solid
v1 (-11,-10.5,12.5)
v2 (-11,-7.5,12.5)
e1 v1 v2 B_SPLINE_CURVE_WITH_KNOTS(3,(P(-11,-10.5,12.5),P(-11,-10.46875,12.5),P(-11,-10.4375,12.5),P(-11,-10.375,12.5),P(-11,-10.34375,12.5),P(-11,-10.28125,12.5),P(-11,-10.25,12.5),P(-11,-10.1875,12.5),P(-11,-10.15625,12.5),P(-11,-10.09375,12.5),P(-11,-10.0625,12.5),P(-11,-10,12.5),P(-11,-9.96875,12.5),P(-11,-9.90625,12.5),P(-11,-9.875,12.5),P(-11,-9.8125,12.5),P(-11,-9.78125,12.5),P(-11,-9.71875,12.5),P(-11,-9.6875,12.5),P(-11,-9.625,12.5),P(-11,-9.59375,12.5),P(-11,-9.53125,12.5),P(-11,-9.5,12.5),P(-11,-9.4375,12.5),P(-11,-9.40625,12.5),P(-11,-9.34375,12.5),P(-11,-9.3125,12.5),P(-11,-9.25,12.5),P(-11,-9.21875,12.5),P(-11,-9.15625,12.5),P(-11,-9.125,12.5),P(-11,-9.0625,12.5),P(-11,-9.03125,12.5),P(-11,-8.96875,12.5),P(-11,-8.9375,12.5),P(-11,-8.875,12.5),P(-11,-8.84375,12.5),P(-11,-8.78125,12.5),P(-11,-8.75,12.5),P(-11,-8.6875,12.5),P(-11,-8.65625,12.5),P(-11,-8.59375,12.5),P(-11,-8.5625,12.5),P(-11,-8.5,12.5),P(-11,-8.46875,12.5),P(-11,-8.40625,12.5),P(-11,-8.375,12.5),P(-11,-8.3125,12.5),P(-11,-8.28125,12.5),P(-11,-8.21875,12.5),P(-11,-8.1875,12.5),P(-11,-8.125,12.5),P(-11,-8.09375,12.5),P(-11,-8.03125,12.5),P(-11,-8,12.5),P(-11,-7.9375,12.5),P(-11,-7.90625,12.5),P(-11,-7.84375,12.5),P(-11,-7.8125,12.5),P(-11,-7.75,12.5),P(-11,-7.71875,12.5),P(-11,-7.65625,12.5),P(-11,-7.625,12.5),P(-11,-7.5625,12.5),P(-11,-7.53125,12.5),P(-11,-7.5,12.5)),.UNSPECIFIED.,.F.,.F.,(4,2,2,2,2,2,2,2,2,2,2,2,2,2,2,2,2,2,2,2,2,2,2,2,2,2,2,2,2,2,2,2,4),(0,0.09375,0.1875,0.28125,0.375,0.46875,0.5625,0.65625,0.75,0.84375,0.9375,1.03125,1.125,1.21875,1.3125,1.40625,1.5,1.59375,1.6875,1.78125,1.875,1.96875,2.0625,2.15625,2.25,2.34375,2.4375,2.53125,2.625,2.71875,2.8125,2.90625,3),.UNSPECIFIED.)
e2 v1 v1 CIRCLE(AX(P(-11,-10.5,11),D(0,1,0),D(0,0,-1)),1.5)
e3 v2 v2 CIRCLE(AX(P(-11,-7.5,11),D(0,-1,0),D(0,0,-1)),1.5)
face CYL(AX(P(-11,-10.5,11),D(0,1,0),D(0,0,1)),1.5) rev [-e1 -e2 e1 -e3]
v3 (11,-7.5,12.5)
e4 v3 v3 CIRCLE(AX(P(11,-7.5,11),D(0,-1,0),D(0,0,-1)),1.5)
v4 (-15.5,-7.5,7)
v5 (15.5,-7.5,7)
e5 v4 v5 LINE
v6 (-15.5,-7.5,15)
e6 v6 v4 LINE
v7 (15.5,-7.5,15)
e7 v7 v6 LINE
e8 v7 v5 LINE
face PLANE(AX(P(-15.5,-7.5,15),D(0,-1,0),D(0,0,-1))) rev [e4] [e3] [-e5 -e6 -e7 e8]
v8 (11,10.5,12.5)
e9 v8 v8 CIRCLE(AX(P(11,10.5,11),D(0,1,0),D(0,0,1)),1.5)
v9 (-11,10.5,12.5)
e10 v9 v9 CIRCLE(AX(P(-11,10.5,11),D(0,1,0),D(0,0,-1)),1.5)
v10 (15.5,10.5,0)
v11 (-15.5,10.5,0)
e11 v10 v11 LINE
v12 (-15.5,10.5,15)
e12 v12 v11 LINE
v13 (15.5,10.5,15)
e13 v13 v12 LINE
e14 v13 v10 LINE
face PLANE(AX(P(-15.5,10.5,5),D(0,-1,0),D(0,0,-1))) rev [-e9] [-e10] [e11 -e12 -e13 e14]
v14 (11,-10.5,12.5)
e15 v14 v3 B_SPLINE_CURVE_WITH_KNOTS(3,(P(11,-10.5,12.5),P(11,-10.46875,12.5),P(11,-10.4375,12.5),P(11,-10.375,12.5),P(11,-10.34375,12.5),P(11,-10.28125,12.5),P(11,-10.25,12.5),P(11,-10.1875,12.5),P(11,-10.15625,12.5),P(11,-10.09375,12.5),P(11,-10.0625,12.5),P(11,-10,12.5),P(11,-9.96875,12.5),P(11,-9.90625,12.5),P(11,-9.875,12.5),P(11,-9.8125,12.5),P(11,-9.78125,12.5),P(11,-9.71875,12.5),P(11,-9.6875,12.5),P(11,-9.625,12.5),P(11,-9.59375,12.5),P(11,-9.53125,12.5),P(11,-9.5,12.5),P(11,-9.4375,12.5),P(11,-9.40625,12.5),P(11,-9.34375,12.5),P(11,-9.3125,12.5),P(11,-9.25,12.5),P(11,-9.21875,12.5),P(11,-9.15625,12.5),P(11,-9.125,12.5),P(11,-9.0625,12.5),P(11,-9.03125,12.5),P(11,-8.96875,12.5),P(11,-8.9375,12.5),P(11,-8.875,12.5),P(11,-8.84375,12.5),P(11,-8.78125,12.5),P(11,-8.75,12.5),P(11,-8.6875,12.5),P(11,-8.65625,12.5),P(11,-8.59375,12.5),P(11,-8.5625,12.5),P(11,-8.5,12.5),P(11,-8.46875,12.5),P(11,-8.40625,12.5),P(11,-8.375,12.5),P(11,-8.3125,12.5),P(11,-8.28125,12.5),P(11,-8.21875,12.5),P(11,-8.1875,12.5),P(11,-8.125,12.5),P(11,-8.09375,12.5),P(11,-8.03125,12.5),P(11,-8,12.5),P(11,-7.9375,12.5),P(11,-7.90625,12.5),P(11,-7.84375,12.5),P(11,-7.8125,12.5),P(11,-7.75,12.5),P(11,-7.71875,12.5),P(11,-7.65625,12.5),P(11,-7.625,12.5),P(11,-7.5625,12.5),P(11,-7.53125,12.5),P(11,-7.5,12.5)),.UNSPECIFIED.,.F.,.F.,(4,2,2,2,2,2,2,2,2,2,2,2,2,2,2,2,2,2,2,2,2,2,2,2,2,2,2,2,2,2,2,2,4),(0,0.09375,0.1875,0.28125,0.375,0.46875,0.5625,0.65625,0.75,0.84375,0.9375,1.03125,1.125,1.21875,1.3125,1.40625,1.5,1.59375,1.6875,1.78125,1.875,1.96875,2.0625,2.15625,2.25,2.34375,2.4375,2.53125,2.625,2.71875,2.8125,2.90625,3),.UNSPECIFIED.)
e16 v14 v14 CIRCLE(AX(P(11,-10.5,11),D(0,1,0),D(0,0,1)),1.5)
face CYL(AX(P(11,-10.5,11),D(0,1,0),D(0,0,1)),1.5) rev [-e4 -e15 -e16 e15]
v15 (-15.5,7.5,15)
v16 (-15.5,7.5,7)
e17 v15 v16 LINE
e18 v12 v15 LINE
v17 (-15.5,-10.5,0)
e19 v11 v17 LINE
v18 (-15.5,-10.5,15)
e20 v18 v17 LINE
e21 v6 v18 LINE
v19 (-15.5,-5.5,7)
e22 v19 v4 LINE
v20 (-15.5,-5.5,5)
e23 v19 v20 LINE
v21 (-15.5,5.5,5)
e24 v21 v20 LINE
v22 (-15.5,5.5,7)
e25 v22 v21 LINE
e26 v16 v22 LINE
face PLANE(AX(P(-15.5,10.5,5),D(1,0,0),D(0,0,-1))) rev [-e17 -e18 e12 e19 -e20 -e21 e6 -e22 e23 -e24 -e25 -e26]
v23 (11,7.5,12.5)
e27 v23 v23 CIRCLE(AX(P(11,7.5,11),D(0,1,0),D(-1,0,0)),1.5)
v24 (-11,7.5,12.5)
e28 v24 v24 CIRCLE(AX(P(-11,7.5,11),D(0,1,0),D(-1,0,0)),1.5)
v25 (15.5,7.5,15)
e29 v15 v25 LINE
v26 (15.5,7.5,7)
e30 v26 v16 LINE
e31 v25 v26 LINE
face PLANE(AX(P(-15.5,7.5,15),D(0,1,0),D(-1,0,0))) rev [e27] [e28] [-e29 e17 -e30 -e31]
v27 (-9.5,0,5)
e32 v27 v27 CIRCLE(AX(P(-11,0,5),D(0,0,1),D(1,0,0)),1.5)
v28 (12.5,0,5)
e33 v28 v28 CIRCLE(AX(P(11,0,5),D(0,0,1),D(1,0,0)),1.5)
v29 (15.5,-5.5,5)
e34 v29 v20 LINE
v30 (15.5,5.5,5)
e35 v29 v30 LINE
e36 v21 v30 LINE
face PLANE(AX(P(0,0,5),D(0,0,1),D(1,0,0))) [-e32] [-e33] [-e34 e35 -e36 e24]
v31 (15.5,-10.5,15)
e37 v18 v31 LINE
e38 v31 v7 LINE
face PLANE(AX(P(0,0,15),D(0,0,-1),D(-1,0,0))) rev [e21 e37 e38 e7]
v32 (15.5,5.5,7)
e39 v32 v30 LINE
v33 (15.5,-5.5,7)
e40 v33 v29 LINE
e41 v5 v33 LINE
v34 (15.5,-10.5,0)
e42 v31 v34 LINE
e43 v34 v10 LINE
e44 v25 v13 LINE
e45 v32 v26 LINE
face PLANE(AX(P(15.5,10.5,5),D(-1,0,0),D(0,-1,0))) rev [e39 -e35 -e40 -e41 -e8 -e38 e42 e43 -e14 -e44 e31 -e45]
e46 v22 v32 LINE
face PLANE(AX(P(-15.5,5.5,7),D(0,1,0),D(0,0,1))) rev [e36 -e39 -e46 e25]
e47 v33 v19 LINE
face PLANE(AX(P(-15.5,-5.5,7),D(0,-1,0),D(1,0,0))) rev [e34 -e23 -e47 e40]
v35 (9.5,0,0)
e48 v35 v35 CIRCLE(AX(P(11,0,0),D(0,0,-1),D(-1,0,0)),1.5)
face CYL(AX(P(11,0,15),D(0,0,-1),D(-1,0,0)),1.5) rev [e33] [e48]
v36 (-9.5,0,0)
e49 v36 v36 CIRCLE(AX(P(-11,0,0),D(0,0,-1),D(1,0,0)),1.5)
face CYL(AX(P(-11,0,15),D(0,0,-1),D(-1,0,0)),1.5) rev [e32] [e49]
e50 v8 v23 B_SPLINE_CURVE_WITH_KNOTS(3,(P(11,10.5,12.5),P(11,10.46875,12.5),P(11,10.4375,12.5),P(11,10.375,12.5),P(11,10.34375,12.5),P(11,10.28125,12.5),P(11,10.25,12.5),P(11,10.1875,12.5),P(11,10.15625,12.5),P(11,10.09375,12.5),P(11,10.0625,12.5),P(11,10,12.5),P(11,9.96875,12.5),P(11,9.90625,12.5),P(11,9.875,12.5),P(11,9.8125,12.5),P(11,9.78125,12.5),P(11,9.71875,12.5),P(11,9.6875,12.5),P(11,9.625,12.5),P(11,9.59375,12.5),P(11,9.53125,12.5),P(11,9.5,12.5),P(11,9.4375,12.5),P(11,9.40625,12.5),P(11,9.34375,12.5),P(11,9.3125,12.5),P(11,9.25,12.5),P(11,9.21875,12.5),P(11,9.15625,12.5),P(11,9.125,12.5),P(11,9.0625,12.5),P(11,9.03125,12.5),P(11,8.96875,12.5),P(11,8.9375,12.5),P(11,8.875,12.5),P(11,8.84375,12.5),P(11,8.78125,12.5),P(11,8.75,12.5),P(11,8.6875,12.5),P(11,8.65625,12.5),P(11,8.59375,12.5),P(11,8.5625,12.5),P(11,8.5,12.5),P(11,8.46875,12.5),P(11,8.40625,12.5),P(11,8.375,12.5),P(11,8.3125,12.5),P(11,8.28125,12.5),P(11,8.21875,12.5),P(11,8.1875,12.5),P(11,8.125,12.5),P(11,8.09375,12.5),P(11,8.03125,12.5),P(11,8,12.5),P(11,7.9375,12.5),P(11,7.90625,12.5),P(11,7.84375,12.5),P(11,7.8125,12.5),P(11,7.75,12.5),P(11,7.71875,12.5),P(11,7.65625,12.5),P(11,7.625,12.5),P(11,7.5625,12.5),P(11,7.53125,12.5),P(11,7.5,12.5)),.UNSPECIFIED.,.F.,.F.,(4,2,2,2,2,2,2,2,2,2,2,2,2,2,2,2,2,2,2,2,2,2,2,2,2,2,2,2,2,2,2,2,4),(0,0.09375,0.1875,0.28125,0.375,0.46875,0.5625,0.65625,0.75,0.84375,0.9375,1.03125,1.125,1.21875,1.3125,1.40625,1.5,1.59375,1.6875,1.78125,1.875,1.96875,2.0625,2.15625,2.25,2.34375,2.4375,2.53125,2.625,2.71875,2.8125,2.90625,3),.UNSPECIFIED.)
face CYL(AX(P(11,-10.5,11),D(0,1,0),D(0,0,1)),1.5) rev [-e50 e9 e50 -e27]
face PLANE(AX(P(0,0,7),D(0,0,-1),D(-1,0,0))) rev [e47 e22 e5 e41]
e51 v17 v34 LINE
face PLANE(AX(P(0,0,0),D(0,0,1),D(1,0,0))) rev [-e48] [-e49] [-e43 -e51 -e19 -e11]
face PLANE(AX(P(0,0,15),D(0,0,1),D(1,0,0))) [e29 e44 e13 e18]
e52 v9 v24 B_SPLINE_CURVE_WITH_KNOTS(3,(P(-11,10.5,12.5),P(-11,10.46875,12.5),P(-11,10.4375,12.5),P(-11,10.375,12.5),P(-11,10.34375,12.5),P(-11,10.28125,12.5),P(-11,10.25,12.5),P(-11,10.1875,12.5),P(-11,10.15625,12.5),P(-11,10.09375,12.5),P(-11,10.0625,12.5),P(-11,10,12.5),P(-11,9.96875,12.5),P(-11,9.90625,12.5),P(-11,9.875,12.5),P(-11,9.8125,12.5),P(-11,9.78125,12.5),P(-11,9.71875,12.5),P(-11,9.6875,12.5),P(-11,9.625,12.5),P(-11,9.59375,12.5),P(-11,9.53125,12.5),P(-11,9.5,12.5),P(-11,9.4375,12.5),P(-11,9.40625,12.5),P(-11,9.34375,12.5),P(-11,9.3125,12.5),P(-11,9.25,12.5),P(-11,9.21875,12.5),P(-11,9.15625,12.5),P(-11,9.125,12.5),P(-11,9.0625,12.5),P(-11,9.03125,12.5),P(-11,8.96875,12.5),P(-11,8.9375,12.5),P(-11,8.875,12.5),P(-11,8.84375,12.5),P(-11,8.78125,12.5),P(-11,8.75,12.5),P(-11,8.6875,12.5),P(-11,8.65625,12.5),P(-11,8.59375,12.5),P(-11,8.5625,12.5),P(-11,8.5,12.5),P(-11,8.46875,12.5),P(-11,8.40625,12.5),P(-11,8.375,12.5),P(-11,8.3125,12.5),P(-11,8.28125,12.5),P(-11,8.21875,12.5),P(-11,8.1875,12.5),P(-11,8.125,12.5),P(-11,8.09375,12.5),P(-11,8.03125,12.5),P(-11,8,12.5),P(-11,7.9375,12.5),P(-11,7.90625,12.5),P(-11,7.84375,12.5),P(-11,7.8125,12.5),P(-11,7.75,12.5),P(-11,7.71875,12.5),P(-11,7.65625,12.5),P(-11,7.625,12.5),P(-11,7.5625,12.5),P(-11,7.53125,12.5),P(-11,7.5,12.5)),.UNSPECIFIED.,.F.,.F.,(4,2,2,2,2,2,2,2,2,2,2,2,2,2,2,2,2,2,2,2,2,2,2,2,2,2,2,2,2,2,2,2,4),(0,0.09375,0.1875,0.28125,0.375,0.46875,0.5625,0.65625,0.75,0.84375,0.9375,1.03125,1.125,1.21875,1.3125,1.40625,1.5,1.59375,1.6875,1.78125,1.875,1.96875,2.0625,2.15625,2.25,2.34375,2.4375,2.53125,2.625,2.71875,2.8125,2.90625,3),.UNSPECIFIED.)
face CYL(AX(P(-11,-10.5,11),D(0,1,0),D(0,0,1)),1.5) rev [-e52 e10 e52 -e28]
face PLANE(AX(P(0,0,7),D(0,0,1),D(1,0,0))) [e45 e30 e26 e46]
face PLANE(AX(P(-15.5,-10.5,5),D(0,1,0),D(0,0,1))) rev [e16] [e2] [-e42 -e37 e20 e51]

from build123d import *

# Parameters (mm, degrees)
SKETCH_1_W          = 31
SKETCH_1_H          = 21
EXTRUDE_1_DEPTH     = 5
SKETCH_2_W          = 31
SKETCH_2_H          = 3
EXTRUDE_2_DEPTH     = 10
SKETCH_5_R          = 1.5
CUT_EXTRUDE_2_DEPTH = 31.103986447
SKETCH_6_R          = 1.5
CUT_EXTRUDE_3_DEPTH = 24.989581072
SKETCH_7_W          = 31
SKETCH_7_H          = 2
EXTRUDE_3_DEPTH     = 2


with BuildPart() as part:
    # 草图1 → 凸台-拉伸1 (new body)
    with BuildSketch(Plane.XY):
        Rectangle(SKETCH_1_W, SKETCH_1_H)
    extrude(amount=EXTRUDE_1_DEPTH)

    # 草图2 → 凸台-拉伸2 (add)
    with BuildSketch(Plane.XY.offset(5)):
        with Locations((0, 9)):
            Rectangle(SKETCH_2_W, SKETCH_2_H)
        with Locations((0, -9)):
            Rectangle(SKETCH_2_W, SKETCH_2_H)
    extrude(amount=EXTRUDE_2_DEPTH)

    # 草图5 → 切除-拉伸2 (cut, through all)
    with BuildSketch(Plane(origin=(0, 10.5, 0), x_dir=(1, 0, 0), z_dir=(0, 1, 0))):
        with Locations(Location((11, -11, 0), (0, 0, 270))):
            Circle(SKETCH_5_R)
        with Locations(Location((-11, -11, 0), (0, 0, 270))):
            Circle(SKETCH_5_R)
    extrude(amount=-CUT_EXTRUDE_2_DEPTH, mode=Mode.SUBTRACT)

    # 草图6 → 切除-拉伸3 (cut, through all)
    with BuildSketch(Plane(origin=(0, 0, 0), x_dir=(-1, 0, 0), z_dir=(0, 0, -1))):
        with Locations((-11, 0)):
            Circle(SKETCH_6_R)
        with Locations(Location((11, 0, 0), (0, 0, 180))):
            Circle(SKETCH_6_R)
    extrude(amount=-CUT_EXTRUDE_3_DEPTH, mode=Mode.SUBTRACT)

    # 草图7 → 凸台-拉伸3 (add)
    with BuildSketch(Plane.XY.offset(5)):
        with Locations((0, -6.5)):
            Rectangle(SKETCH_7_W, SKETCH_7_H)
        with Locations((0, 6.5)):
            Rectangle(SKETCH_7_W, SKETCH_7_H)
    extrude(amount=EXTRUDE_3_DEPTH)


solid = part.part
